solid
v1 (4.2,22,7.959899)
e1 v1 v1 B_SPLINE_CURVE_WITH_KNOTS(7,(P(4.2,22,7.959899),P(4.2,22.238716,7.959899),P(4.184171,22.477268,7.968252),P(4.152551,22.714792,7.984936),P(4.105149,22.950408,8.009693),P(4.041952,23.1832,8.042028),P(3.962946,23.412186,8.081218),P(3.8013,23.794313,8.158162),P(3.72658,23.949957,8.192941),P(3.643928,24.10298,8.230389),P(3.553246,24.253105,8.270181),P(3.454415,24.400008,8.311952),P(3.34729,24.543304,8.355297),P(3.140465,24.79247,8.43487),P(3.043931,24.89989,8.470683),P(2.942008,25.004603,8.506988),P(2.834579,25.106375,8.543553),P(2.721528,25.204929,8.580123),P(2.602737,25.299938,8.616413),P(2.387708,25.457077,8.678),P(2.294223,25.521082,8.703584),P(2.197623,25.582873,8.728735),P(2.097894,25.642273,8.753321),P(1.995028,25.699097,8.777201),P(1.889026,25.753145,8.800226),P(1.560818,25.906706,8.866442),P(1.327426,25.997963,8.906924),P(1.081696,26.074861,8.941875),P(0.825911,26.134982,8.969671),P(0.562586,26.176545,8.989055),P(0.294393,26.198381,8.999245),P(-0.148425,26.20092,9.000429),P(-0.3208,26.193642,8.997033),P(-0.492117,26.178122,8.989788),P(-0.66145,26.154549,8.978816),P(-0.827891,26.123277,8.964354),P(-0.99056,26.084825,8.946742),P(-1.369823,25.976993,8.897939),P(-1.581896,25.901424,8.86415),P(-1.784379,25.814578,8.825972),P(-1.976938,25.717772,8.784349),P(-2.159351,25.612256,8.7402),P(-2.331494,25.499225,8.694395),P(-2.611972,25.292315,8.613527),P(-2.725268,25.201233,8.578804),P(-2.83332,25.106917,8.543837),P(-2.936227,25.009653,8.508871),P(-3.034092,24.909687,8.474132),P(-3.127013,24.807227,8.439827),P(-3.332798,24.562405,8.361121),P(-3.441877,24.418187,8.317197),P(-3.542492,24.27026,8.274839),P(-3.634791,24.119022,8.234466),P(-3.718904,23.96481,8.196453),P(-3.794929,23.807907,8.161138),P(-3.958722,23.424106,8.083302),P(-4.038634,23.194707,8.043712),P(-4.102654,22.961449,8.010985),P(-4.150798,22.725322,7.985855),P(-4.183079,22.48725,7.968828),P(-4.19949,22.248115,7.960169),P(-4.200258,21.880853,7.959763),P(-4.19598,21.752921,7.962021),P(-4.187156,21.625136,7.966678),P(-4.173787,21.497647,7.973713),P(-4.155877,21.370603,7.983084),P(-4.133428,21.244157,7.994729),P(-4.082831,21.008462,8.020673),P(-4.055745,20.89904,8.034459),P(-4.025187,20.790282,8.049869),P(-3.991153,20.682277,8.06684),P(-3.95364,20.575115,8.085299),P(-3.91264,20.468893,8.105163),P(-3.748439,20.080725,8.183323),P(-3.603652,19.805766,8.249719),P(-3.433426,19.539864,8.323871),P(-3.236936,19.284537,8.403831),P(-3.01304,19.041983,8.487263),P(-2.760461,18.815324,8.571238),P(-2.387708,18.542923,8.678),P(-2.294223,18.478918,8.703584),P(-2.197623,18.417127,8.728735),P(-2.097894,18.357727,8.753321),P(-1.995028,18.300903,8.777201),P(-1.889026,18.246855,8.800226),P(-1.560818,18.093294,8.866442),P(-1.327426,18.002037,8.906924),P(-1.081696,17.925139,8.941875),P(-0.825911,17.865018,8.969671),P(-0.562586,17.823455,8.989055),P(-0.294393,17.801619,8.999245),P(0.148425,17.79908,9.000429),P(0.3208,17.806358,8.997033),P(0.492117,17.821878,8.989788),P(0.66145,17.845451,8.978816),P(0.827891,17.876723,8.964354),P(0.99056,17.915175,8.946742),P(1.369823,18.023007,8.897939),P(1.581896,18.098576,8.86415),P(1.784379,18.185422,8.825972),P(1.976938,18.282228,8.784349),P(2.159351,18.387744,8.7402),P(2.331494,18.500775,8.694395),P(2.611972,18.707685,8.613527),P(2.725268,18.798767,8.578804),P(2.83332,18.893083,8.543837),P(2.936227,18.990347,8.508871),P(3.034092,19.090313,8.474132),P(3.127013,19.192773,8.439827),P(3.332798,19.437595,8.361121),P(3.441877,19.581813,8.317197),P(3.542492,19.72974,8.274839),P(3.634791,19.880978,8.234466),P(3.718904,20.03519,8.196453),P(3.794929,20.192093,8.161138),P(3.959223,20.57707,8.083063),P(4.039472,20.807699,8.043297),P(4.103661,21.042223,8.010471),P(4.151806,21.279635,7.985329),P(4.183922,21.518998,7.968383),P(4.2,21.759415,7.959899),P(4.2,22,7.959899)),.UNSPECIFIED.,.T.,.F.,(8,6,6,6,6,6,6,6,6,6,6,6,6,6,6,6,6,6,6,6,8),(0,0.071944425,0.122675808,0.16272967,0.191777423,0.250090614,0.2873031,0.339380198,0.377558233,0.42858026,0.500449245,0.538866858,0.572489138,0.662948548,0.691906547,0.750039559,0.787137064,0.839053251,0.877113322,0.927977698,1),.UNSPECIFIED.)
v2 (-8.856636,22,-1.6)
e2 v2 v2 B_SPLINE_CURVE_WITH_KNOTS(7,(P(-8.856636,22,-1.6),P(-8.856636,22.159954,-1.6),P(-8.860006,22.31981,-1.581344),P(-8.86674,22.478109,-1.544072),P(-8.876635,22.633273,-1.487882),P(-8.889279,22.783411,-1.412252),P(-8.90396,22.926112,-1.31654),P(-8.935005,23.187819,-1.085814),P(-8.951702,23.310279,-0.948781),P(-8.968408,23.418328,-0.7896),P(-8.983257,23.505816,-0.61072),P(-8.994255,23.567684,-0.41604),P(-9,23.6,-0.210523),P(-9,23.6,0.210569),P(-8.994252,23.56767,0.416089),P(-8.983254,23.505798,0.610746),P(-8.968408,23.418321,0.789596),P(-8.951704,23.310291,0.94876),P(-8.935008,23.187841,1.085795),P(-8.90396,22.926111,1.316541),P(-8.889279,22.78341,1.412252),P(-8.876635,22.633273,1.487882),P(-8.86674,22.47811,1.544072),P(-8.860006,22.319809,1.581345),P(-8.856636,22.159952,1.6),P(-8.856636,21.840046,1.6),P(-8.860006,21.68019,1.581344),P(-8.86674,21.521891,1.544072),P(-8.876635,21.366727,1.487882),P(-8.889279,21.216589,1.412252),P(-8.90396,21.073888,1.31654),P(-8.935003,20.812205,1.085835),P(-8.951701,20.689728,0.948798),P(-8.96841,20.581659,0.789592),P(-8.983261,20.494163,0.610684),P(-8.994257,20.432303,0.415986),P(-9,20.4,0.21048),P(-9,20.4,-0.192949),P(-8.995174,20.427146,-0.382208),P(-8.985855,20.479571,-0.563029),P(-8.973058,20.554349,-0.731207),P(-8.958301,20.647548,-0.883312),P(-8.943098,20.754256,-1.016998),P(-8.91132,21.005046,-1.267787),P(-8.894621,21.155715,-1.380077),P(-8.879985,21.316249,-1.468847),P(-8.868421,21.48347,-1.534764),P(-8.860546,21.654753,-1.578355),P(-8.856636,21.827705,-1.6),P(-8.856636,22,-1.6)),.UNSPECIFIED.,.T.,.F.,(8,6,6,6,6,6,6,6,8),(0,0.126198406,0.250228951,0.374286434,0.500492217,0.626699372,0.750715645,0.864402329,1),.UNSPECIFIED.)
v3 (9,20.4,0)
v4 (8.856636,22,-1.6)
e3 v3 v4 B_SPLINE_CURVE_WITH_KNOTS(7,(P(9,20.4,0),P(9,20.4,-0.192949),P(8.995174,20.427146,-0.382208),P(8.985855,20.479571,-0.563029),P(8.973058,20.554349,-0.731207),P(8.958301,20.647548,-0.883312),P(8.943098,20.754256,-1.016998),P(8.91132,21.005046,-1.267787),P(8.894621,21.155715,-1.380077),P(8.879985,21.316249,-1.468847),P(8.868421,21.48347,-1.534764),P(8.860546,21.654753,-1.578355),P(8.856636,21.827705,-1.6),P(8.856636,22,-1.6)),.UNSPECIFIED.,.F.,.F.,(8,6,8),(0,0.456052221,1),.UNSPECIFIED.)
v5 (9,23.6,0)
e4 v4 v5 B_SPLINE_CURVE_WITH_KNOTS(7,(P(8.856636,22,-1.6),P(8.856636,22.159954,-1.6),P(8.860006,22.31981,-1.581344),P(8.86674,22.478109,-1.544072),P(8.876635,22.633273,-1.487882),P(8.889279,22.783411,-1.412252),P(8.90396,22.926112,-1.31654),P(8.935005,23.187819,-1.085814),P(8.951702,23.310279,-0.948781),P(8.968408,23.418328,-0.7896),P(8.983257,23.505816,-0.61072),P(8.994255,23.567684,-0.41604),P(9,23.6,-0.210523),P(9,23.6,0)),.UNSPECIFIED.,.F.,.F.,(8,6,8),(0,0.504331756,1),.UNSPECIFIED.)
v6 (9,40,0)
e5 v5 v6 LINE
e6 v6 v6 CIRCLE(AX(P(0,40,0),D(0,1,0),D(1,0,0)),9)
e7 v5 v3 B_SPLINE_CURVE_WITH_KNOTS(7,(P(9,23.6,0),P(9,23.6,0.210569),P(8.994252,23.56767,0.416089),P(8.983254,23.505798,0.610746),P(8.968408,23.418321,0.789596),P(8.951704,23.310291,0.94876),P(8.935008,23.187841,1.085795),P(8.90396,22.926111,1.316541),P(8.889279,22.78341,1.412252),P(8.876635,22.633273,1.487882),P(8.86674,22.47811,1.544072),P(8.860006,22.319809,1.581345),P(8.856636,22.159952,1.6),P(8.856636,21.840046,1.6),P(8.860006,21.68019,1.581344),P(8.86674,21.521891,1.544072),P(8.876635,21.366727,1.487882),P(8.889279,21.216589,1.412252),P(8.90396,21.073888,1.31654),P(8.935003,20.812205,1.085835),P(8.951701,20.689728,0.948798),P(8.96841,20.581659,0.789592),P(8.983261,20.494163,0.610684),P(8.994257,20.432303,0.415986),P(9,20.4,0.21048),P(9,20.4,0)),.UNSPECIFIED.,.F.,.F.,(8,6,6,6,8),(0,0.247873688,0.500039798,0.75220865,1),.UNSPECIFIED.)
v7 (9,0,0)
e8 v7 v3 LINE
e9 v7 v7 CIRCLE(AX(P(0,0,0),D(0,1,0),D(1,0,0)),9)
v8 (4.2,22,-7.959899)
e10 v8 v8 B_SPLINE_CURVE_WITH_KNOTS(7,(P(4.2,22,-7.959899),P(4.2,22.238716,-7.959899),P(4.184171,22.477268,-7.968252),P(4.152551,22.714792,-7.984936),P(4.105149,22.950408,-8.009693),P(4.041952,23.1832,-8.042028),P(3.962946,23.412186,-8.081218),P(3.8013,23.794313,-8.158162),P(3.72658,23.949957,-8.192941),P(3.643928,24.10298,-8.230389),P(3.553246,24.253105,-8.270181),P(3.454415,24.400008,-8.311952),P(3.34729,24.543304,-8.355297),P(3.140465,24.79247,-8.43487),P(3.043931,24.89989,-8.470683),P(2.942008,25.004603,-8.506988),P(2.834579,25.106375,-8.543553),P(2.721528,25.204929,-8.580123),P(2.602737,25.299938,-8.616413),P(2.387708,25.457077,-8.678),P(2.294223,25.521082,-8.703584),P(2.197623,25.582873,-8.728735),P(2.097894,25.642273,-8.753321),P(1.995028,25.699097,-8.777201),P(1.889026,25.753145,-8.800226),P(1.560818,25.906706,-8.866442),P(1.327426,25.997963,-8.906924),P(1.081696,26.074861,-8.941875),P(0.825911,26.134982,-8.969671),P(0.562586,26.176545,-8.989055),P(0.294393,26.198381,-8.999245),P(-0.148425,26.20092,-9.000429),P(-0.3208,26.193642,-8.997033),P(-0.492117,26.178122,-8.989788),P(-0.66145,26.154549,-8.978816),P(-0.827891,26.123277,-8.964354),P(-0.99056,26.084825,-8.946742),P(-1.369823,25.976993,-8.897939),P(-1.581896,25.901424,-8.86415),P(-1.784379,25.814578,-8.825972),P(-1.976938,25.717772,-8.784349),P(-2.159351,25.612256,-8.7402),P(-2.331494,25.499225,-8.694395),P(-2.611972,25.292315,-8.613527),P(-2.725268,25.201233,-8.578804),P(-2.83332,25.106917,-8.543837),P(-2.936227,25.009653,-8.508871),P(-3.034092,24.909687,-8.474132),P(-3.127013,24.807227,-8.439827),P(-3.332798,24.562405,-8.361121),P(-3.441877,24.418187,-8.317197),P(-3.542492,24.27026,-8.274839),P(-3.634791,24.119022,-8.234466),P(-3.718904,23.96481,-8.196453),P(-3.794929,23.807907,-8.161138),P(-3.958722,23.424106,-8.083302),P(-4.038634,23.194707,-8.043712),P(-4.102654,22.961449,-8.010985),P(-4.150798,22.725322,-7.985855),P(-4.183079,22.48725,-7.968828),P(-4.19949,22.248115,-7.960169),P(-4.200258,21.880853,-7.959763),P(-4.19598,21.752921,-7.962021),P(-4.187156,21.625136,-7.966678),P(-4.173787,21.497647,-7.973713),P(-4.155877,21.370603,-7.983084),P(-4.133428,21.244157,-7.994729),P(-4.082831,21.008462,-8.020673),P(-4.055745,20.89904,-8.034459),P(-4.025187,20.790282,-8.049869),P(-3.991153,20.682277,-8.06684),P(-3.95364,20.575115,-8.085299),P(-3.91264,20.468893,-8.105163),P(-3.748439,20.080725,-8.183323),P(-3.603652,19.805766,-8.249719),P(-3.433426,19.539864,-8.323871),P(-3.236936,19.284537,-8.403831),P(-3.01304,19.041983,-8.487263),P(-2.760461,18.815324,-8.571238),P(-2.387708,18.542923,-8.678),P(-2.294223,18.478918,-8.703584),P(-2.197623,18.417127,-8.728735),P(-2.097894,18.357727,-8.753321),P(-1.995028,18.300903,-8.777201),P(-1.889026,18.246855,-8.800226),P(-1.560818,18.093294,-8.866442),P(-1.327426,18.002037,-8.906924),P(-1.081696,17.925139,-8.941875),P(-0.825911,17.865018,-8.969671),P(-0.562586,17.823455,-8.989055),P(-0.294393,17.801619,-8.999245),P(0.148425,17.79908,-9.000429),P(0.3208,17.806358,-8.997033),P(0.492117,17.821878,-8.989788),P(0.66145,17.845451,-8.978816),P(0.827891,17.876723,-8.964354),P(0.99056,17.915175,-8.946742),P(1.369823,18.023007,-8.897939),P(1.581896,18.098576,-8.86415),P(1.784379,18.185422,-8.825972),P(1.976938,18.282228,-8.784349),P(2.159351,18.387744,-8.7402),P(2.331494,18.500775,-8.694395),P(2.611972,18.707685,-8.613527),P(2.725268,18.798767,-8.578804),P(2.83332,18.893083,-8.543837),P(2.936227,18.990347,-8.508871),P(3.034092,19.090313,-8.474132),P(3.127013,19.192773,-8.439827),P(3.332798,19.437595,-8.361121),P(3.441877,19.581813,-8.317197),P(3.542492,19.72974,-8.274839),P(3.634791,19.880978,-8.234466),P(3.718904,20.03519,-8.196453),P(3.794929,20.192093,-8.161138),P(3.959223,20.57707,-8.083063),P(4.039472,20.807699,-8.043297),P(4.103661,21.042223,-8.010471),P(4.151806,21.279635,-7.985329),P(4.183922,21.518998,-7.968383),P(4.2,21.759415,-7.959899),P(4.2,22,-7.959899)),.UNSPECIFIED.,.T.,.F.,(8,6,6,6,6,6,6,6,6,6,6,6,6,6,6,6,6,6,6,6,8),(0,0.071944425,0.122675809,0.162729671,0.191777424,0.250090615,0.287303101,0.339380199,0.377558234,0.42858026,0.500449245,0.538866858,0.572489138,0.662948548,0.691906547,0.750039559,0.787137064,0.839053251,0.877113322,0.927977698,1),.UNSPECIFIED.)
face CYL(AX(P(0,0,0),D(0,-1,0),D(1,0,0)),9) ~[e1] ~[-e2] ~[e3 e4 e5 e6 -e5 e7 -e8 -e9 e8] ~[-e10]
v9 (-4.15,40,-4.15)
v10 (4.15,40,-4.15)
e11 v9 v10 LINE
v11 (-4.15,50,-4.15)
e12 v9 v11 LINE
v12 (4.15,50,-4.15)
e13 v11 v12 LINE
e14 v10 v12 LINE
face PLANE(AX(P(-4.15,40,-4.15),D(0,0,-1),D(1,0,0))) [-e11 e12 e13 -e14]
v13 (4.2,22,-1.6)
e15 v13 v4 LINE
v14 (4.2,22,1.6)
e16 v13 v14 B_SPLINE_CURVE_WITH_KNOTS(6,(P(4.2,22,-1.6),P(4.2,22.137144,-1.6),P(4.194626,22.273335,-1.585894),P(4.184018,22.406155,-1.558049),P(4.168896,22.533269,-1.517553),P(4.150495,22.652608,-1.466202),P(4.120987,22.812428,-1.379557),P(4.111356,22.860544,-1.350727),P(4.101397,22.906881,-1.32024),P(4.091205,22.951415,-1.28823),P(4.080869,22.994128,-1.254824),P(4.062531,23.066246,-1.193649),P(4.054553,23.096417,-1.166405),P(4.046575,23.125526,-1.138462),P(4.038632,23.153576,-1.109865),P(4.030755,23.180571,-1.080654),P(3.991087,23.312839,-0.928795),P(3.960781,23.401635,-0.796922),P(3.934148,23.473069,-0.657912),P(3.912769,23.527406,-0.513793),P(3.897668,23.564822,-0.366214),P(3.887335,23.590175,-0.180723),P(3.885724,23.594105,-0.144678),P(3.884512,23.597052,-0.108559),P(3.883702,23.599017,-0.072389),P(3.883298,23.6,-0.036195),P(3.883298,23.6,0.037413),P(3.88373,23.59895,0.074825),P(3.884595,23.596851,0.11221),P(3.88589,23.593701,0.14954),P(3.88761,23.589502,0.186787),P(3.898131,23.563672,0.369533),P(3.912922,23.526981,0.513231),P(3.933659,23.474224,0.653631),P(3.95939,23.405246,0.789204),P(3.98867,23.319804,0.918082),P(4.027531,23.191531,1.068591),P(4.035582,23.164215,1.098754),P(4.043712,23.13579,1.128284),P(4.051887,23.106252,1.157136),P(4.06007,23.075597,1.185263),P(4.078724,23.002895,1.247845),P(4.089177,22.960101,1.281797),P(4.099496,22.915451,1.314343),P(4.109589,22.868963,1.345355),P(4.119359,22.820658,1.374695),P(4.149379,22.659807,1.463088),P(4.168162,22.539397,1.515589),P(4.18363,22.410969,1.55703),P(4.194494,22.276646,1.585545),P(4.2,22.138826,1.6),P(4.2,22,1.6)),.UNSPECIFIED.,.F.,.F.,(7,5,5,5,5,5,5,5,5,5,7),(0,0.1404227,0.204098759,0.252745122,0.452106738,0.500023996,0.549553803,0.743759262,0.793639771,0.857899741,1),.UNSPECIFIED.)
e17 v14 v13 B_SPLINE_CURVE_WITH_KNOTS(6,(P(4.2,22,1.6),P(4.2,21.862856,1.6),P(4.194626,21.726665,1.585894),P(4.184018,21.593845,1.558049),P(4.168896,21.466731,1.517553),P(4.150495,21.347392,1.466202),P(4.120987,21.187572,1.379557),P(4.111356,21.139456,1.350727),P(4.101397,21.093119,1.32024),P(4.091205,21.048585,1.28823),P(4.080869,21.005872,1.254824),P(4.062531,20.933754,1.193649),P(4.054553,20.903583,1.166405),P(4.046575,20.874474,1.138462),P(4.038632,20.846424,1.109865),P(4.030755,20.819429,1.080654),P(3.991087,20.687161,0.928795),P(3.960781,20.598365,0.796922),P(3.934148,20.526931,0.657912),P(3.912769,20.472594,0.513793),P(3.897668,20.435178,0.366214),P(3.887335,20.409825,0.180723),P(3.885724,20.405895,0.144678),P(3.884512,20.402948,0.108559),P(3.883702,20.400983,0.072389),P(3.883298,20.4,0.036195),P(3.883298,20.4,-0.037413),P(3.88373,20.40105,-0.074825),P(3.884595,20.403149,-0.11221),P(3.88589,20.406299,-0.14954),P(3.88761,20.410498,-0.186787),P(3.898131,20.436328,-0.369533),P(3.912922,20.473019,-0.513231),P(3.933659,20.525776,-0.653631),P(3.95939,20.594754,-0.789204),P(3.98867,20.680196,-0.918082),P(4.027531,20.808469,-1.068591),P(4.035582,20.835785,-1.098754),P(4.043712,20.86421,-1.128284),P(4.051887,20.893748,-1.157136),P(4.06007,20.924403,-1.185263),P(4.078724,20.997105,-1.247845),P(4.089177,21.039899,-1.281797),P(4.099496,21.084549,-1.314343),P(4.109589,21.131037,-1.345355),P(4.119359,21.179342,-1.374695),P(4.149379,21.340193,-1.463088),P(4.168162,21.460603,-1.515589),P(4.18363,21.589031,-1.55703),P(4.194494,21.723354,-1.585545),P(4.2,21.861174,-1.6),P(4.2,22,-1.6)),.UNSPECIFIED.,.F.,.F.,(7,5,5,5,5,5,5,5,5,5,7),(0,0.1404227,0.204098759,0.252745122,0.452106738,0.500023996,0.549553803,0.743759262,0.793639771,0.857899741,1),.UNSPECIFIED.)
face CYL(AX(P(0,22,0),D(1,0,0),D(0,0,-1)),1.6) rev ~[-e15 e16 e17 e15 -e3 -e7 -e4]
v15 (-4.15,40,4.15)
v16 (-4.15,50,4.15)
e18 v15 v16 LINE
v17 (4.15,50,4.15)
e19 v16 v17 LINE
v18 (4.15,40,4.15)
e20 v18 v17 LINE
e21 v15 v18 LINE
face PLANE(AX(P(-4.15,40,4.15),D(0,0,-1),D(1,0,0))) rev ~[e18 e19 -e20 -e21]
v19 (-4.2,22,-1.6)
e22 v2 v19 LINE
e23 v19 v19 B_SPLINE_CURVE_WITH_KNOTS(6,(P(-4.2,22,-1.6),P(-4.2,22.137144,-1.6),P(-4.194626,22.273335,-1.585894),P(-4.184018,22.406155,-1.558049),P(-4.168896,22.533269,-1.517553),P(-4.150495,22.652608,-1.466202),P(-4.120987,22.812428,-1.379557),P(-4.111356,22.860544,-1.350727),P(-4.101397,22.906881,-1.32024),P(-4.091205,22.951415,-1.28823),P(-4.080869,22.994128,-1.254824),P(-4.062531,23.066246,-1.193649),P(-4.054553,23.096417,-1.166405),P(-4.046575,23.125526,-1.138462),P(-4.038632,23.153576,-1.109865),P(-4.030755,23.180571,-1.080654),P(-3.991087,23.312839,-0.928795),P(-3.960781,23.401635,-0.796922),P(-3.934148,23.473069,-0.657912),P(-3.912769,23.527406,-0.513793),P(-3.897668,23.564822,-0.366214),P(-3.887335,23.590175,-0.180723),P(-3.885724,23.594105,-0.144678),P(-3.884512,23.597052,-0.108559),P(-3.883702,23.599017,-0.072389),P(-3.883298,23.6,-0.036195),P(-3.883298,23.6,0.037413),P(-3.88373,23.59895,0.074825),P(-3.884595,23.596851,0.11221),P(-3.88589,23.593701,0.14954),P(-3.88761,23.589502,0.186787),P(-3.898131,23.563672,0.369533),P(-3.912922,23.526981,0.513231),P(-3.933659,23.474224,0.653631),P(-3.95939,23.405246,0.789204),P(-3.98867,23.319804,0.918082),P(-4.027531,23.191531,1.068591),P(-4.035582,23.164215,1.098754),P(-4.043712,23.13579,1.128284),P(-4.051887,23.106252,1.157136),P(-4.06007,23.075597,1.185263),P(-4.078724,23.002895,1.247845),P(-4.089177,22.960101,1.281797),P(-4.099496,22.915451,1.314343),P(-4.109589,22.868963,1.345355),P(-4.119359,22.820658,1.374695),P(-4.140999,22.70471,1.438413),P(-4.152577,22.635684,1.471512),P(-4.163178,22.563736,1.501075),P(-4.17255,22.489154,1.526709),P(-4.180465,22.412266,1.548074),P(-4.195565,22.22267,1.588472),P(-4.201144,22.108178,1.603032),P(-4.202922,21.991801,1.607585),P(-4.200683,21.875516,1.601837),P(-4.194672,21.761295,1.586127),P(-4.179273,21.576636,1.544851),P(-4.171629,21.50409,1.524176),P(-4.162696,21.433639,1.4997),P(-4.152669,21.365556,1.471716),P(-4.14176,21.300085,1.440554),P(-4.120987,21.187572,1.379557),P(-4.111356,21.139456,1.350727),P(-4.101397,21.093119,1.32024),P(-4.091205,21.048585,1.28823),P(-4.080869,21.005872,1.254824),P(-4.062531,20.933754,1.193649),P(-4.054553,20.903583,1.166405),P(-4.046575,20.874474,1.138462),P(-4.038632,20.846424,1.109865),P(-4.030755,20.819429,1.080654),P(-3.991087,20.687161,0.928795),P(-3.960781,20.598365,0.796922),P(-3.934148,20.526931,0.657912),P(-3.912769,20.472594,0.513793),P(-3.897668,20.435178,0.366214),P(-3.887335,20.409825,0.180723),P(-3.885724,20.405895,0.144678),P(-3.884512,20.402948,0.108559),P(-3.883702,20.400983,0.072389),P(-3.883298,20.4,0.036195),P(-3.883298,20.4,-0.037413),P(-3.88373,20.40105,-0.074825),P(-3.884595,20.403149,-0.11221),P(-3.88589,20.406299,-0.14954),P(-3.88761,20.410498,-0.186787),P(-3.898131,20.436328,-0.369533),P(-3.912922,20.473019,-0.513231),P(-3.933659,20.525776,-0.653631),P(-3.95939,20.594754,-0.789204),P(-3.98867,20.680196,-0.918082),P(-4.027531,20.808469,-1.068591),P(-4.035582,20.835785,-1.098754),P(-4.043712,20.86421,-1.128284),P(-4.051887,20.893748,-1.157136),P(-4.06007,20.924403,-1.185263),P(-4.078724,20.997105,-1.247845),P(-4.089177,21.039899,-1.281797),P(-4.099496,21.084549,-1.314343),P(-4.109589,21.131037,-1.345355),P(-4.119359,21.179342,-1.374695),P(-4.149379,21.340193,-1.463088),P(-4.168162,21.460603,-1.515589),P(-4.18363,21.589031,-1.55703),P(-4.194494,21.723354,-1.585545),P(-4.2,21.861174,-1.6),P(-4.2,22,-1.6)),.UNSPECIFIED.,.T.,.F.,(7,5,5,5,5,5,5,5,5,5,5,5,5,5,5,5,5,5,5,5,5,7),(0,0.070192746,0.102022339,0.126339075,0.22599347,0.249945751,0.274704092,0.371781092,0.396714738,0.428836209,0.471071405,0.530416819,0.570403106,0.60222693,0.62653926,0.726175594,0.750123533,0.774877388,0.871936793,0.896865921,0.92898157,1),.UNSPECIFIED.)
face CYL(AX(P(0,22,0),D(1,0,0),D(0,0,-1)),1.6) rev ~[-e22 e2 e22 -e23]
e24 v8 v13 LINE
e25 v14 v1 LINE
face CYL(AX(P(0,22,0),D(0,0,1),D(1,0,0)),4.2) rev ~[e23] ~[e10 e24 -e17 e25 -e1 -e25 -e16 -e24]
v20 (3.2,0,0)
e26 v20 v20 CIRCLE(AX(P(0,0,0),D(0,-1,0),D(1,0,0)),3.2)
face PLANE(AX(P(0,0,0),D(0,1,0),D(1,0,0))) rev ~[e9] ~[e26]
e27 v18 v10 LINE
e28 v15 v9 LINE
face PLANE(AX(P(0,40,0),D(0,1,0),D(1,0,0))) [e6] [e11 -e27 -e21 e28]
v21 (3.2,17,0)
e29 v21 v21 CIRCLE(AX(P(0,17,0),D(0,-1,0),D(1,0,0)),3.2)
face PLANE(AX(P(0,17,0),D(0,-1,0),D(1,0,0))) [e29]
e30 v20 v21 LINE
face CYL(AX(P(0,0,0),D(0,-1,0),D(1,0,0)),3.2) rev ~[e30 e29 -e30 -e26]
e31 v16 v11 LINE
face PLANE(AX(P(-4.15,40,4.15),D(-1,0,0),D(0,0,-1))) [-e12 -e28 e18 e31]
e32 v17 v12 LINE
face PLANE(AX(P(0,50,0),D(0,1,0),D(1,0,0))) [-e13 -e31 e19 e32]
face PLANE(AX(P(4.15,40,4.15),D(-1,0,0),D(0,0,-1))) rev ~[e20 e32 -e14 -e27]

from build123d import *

# Parameters (mm, degrees)
SKETCH_1_R          = 9
EXTRUDE_1_DEPTH     = 40
SKETCH_2_R          = 3.2
CUT_EXTRUDE_1_DEPTH = 17
SKETCH_15_W         = 8.3
SKETCH_15_H         = 8.3
EXTRUDE_2_DEPTH     = 10
SKETCH_16_R         = 4.2
CUT_EXTRUDE_2_DEPTH = 10
SKETCH_17_R         = 1.6
CUT_EXTRUDE_3_DEPTH = 10


with BuildPart() as part:
    # 草图1 → 凸台-拉伸1 (new body)
    with BuildSketch(Plane(origin=(0, 0, 0), x_dir=(1, 0, 0), z_dir=(0, 1, 0))):
        Circle(SKETCH_1_R)
    extrude(amount=EXTRUDE_1_DEPTH)

    # 草图2 → 切除-拉伸1 (cut)
    with BuildSketch(Plane.XZ):
        Circle(SKETCH_2_R)
    extrude(amount=-CUT_EXTRUDE_1_DEPTH, mode=Mode.SUBTRACT)

    # 草图15 → 凸台-拉伸2 (add)
    with BuildSketch(Plane(origin=(0, 40, 0), x_dir=(1, 0, 0), z_dir=(0, 1, 0))):
        Rectangle(SKETCH_15_W, SKETCH_15_H)
    extrude(amount=EXTRUDE_2_DEPTH)

    # 草图16 → 切除-拉伸2 (cut, symmetric)
    with BuildSketch(Plane.XY):
        with Locations((0, 22)):
            Circle(SKETCH_16_R)
    extrude(amount=CUT_EXTRUDE_2_DEPTH, both=True, mode=Mode.SUBTRACT)

    # 草图17 → 切除-拉伸3 (cut, symmetric)
    with BuildSketch(Plane(origin=(0, 0, 0), x_dir=(0, 0, -1), z_dir=(1, 0, 0))):
        with Locations((0, 22)):
            Circle(SKETCH_17_R)
    extrude(amount=CUT_EXTRUDE_3_DEPTH, both=True, mode=Mode.SUBTRACT)


solid = part.part
